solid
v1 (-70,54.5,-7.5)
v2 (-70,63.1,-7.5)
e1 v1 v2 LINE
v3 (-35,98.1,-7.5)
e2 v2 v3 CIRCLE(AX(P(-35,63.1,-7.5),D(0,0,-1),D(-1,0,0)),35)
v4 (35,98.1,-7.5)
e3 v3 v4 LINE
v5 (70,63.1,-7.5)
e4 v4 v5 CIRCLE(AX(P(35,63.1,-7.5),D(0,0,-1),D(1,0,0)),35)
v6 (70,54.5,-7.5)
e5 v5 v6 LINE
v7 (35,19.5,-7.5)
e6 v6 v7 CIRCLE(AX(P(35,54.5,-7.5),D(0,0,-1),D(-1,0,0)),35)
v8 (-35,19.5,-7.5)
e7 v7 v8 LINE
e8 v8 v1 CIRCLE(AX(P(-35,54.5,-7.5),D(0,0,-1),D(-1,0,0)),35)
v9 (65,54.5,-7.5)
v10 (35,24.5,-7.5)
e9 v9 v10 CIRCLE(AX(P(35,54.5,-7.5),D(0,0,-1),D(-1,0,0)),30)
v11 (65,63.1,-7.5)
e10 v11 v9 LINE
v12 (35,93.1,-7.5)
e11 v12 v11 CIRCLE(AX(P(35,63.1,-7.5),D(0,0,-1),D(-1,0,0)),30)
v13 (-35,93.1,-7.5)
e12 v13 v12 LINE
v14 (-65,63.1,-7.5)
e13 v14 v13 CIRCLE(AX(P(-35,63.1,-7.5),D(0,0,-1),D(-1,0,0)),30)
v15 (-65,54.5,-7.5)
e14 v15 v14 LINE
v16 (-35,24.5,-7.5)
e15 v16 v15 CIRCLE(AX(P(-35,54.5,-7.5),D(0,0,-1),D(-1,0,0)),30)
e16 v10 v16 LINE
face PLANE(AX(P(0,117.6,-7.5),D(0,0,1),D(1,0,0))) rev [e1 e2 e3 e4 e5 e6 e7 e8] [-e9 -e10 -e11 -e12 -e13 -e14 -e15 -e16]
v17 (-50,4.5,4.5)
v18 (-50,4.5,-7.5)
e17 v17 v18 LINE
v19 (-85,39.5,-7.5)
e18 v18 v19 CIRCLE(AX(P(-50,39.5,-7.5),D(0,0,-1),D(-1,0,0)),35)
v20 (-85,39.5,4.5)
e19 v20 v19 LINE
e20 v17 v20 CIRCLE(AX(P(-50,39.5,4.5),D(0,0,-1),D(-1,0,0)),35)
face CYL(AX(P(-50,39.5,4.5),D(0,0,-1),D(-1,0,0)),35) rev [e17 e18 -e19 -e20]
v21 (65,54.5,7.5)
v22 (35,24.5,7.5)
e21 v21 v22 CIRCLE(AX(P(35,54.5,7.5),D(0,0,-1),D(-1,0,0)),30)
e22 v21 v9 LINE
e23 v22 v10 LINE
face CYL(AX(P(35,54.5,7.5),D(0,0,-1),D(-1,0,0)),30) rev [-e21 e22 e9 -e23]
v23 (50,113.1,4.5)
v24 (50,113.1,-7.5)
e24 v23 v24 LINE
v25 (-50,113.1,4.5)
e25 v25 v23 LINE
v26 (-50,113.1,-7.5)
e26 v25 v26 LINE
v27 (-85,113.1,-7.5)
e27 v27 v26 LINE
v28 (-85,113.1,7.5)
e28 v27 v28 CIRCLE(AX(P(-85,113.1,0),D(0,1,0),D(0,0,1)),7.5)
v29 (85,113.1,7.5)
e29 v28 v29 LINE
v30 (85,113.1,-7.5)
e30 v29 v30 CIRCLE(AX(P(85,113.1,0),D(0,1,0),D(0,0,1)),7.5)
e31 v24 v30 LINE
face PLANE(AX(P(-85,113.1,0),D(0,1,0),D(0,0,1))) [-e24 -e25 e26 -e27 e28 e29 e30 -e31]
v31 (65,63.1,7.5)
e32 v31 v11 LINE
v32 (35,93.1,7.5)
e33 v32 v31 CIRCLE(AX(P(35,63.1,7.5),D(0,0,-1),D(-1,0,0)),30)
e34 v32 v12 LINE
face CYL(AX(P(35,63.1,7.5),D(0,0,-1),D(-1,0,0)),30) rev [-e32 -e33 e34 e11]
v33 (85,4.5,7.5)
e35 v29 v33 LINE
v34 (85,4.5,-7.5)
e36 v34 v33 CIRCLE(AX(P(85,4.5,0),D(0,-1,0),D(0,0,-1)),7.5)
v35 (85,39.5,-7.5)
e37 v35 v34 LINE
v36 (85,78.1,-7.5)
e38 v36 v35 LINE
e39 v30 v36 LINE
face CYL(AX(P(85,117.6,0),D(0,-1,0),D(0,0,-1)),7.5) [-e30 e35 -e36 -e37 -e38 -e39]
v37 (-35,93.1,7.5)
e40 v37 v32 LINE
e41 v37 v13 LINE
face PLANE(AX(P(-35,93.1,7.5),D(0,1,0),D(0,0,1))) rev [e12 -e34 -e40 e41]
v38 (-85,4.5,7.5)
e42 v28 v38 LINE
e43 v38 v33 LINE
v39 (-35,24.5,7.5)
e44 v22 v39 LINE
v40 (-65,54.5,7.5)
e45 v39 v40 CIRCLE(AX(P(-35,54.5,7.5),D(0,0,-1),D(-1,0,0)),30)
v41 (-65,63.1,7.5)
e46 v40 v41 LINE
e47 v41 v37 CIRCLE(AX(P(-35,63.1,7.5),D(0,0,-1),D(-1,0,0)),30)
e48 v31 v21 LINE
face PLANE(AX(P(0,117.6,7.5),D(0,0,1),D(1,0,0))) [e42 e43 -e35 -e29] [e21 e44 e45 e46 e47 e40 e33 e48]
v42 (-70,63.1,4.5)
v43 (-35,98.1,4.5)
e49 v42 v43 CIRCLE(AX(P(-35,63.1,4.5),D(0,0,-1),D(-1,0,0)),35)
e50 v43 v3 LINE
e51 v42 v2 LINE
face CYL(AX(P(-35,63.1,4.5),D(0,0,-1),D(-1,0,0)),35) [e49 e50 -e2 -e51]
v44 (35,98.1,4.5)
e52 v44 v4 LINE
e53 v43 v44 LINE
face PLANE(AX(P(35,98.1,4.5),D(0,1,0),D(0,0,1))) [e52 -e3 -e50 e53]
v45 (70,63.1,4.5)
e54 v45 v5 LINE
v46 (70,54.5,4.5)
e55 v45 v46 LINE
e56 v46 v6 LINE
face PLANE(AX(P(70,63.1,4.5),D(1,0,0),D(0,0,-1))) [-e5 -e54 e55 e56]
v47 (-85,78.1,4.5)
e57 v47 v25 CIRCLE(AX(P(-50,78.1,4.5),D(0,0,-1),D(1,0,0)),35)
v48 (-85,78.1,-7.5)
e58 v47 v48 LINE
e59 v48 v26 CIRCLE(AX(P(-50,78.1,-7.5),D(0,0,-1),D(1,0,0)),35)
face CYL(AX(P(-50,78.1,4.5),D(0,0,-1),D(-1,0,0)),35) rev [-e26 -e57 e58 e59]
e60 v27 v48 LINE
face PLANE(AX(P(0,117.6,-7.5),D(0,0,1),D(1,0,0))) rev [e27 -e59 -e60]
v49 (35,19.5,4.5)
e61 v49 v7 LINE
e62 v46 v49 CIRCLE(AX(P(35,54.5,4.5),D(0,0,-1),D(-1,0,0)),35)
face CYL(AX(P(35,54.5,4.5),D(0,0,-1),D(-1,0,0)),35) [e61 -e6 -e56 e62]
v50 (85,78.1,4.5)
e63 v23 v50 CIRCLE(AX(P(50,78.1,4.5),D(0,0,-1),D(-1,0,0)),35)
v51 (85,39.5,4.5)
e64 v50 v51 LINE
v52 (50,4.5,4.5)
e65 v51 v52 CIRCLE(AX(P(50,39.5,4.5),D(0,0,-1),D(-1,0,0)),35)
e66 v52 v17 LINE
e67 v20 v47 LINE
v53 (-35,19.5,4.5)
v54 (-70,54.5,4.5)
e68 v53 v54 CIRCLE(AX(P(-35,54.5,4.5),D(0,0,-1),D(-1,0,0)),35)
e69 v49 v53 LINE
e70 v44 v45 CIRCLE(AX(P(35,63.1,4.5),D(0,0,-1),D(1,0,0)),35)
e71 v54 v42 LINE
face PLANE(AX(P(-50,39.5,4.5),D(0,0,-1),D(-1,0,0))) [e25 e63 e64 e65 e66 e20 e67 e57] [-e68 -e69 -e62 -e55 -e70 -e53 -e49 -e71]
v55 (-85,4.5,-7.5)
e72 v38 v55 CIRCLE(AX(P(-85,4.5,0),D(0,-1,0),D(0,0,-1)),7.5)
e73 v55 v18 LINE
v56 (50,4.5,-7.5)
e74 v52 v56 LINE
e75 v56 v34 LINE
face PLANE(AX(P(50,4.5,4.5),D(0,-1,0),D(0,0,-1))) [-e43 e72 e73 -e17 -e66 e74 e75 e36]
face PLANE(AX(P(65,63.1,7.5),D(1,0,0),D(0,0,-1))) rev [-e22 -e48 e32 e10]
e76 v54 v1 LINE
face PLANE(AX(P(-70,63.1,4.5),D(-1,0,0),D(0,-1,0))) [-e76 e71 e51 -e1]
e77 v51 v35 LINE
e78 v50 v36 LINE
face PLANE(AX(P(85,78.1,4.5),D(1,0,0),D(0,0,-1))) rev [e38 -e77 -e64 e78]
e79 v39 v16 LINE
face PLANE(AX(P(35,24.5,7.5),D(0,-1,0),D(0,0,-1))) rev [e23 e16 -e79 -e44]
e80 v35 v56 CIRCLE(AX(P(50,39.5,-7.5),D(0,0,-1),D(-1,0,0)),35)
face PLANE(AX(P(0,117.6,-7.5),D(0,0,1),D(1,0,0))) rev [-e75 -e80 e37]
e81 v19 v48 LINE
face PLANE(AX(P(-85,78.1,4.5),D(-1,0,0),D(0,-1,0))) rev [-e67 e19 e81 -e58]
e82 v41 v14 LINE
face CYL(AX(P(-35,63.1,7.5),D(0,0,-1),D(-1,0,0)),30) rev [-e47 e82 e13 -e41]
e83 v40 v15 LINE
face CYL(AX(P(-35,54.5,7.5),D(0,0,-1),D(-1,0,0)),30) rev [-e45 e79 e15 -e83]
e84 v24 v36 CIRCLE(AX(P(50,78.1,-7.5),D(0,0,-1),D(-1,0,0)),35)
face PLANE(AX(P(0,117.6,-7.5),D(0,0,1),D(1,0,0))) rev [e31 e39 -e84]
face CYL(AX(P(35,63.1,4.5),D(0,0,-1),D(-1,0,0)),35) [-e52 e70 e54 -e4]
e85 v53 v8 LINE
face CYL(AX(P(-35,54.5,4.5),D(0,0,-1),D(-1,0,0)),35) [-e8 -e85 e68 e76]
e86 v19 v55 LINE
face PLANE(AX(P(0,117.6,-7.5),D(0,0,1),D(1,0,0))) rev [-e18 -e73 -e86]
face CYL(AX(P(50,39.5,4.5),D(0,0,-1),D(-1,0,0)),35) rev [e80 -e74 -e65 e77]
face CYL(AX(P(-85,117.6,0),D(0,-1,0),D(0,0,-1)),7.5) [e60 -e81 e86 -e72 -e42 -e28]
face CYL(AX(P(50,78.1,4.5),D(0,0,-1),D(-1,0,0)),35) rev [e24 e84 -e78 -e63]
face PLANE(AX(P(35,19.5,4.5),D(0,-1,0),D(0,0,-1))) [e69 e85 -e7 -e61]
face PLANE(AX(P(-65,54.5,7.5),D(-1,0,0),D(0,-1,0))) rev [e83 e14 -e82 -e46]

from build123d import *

# Parameters (mm, degrees)
BOSS_EXTRUDE1_DEPTH = 117.6
CUT_EXTRUDE4_DEPTH  = 12
CUT_EXTRUDE6_DEPTH  = 151.36957804
CUT_EXTRUDE7_DEPTH  = 4.5
CUT_EXTRUDE8_START  = 113.1
CUT_EXTRUDE8_DEPTH  = 4.5
CUT_EXTRUDE9_DEPTH  = 4.5
CUT_EXTRUDE10_START = 113.1
CUT_EXTRUDE10_DEPTH = 4.5


with BuildPart() as part:
    # Sketch2 → Boss-Extrude1 (new body)
    with BuildSketch(Plane(origin=(0, 0, 0), x_dir=(1, 0, 0), z_dir=(0, 1, 0))):
        with BuildLine():
            Line((85, -7.5), (-85, -7.5))
            ThreePointArc((-85, -7.5), (-92.5, 0), (-85, 7.5))
            Line((-85, 7.5), (85, 7.5))
            ThreePointArc((85, 7.5), (92.5, 0), (85, -7.5))
        make_face()
    extrude(amount=BOSS_EXTRUDE1_DEPTH)

    # Sketch3 → Cut-Extrude4 (cut)
    with BuildSketch(Plane(origin=(0, 0, -7.5), x_dir=(-1, 0, 0), z_dir=(0, 0, -1))):
        with BuildLine():
            Line((-50, 113.1), (50, 113.1))
            ThreePointArc((50, 113.1), (74.748737342, 102.848737342), (85, 78.1))
            Line((85, 78.1), (85, 39.5))
            ThreePointArc((85, 39.5), (74.748737342, 14.751262658), (50, 4.5))
            Line((50, 4.5), (-50, 4.5))
            ThreePointArc((-50, 4.5), (-74.748737342, 14.751262658), (-85, 39.5))
            Line((-85, 39.5), (-85, 78.1))
            ThreePointArc((-85, 78.1), (-74.748737342, 102.848737342), (-50, 113.1))
        make_face()
        with BuildLine():
            Line((-70, 63.1), (-70, 54.5))
            ThreePointArc((-70, 54.5), (-59.748737342, 29.751262658), (-35, 19.5))
            Line((-35, 19.5), (35, 19.5))
            ThreePointArc((35, 19.5), (59.748737342, 29.751262658), (70, 54.5))
            Line((70, 54.5), (70, 63.1))
            ThreePointArc((70, 63.1), (59.748737342, 87.848737342), (35, 98.1))
            Line((35, 98.1), (-35, 98.1))
            ThreePointArc((-35, 98.1), (-59.748737342, 87.848737342), (-70, 63.1))
        make_face(mode=Mode.SUBTRACT)
    extrude(amount=-CUT_EXTRUDE4_DEPTH, mode=Mode.SUBTRACT)

    # Sketch6 → Cut-Extrude6 (cut, through all)
    with BuildSketch(Plane(origin=(0, 0, -7.5), x_dir=(-1, 0, 0), z_dir=(0, 0, -1))):
        with BuildLine():
            Line((-35, 24.5), (35, 24.5))
            ThreePointArc((35, 24.5), (56.213203436, 33.286796564), (65, 54.5))
            Line((65, 54.5), (65, 63.1))
            ThreePointArc((65, 63.1), (56.213203436, 84.313203436), (35, 93.1))
            Line((35, 93.1), (-35, 93.1))
            ThreePointArc((-35, 93.1), (-56.213203436, 84.313203436), (-65, 63.1))
            Line((-65, 63.1), (-65, 54.5))
            ThreePointArc((-65, 54.5), (-56.213203436, 33.286796564), (-35, 24.5))
        make_face()
    extrude(amount=-CUT_EXTRUDE6_DEPTH, mode=Mode.SUBTRACT)

    # Sketch2_6 → Cut-Extrude7 (cut)
    with BuildSketch(Plane(origin=(0, 0, 0), x_dir=(1, 0, 0), z_dir=(0, 1, 0))):
        with BuildLine():
            Line((-8.2248772, -2.5), (8.2248772, -2.5))
            Line((8.2248772, -2.5), (15.34156858, -1.994983292))
            ThreePointArc((15.34156858, -1.994983292), (17.2, 0), (15.34156858, 1.994983292))
            Line((15.34156858, 1.994983292), (1.88348082, 2.95))
            ThreePointArc((1.88348082, 2.95), (0, 3.5), (-1.88348082, 2.95))
            Line((-1.88348082, 2.95), (-15.34156858, 1.994983292))
            ThreePointArc((-15.34156858, 1.994983292), (-17.2, 0), (-15.34156858, -1.994983292))
            Line((-15.34156858, -1.994983292), (-8.2248772, -2.5))
        make_face()
        with BuildLine():
            Line((1.88348082, -2.95), (8.2248772, -2.5))
            Line((8.2248772, -2.5), (-8.2248772, -2.5))
            Line((-8.2248772, -2.5), (-1.88348082, -2.95))
            ThreePointArc((-1.88348082, -2.95), (0, -3.5), (1.88348082, -2.95))
        make_face()
    extrude(amount=CUT_EXTRUDE7_DEPTH, mode=Mode.SUBTRACT)

    # Sketch2_7 → Cut-Extrude8 (cut)
    with BuildSketch(Plane(origin=(0, 0, 0), x_dir=(1, 0, 0), z_dir=(0, 1, 0)).offset(CUT_EXTRUDE8_START)):
        with BuildLine():
            Line((-8.2248772, -2.5), (8.2248772, -2.5))
            Line((8.2248772, -2.5), (15.34156858, -1.994983292))
            ThreePointArc((15.34156858, -1.994983292), (17.2, 0), (15.34156858, 1.994983292))
            Line((15.34156858, 1.994983292), (1.88348082, 2.95))
            ThreePointArc((1.88348082, 2.95), (0, 3.5), (-1.88348082, 2.95))
            Line((-1.88348082, 2.95), (-15.34156858, 1.994983292))
            ThreePointArc((-15.34156858, 1.994983292), (-17.2, 0), (-15.34156858, -1.994983292))
            Line((-15.34156858, -1.994983292), (-8.2248772, -2.5))
        make_face()
        with BuildLine():
            Line((1.88348082, -2.95), (8.2248772, -2.5))
            Line((8.2248772, -2.5), (-8.2248772, -2.5))
            Line((-8.2248772, -2.5), (-1.88348082, -2.95))
            ThreePointArc((-1.88348082, -2.95), (0, -3.5), (1.88348082, -2.95))
        make_face()
    extrude(amount=CUT_EXTRUDE8_DEPTH, mode=Mode.SUBTRACT)

    # Sketch2_8 → Cut-Extrude9 (cut)
    with BuildSketch(Plane(origin=(0, 0, 0), x_dir=(1, 0, 0), z_dir=(0, 1, 0))):
        with BuildLine():
            Line((85, -2.5), (85, 7.5))
            Line((85, 7.5), (-85, 7.5))
            Line((-85, 7.5), (-85, -2.5))
            Line((-85, -2.5), (-8.2248772, -2.5))
            Line((-8.2248772, -2.5), (-15.34156858, -1.994983292))
            ThreePointArc((-15.34156858, -1.994983292), (-17.2, 0), (-15.34156858, 1.994983292))
            Line((-15.34156858, 1.994983292), (-1.88348082, 2.95))
            ThreePointArc((-1.88348082, 2.95), (0, 3.5), (1.88348082, 2.95))
            Line((1.88348082, 2.95), (15.34156858, 1.994983292))
            ThreePointArc((15.34156858, 1.994983292), (17.2, 0), (15.34156858, -1.994983292))
            Line((15.34156858, -1.994983292), (8.2248772, -2.5))
            Line((8.2248772, -2.5), (85, -2.5))
        make_face()
        with BuildLine():
            Line((70, -7.5), (85, -7.5))
            ThreePointArc((85, -7.5), (92.5, 0), (85, 7.5))
            Line((85, 7.5), (85, -2.5))
            Line((85, -2.5), (8.2248772, -2.5))
            Line((8.2248772, -2.5), (1.88348082, -2.95))
            ThreePointArc((1.88348082, -2.95), (0, -3.5), (-1.88348082, -2.95))
            Line((-1.88348082, -2.95), (-8.2248772, -2.5))
            Line((-8.2248772, -2.5), (-85, -2.5))
            Line((-85, -2.5), (-85, 7.5))
            ThreePointArc((-85, 7.5), (-92.5, 0), (-85, -7.5))
            Line((-85, -7.5), (-70, -7.5))
            Line((-70, -7.5), (-55, -7.5))
            Line((-55, -7.5), (55, -7.5))
            Line((55, -7.5), (70, -7.5))
        make_face()
        with BuildLine():
            Line((1.88348082, -2.95), (8.2248772, -2.5))
            Line((8.2248772, -2.5), (-8.2248772, -2.5))
            Line((-8.2248772, -2.5), (-1.88348082, -2.95))
            ThreePointArc((-1.88348082, -2.95), (0, -3.5), (1.88348082, -2.95))
        make_face()
    extrude(amount=CUT_EXTRUDE9_DEPTH, mode=Mode.SUBTRACT)

    # Sketch2_9 → Cut-Extrude10 (cut)
    with BuildSketch(Plane(origin=(0, 0, 0), x_dir=(1, 0, 0), z_dir=(0, 1, 0)).offset(CUT_EXTRUDE10_START)):
        with BuildLine():
            Line((85, -2.5), (85, 7.5))
            Line((85, 7.5), (-85, 7.5))
            Line((-85, 7.5), (-85, -2.5))
            Line((-85, -2.5), (-8.2248772, -2.5))
            Line((-8.2248772, -2.5), (-15.34156858, -1.994983292))
            ThreePointArc((-15.34156858, -1.994983292), (-17.2, 0), (-15.34156858, 1.994983292))
            Line((-15.34156858, 1.994983292), (-1.88348082, 2.95))
            ThreePointArc((-1.88348082, 2.95), (0, 3.5), (1.88348082, 2.95))
            Line((1.88348082, 2.95), (15.34156858, 1.994983292))
            ThreePointArc((15.34156858, 1.994983292), (17.2, 0), (15.34156858, -1.994983292))
            Line((15.34156858, -1.994983292), (8.2248772, -2.5))
            Line((8.2248772, -2.5), (85, -2.5))
        make_face()
        with BuildLine():
            Line((70, -7.5), (85, -7.5))
            ThreePointArc((85, -7.5), (92.5, 0), (85, 7.5))
            Line((85, 7.5), (85, -2.5))
            Line((85, -2.5), (8.2248772, -2.5))
            Line((8.2248772, -2.5), (1.88348082, -2.95))
            ThreePointArc((1.88348082, -2.95), (0, -3.5), (-1.88348082, -2.95))
            Line((-1.88348082, -2.95), (-8.2248772, -2.5))
            Line((-8.2248772, -2.5), (-85, -2.5))
            Line((-85, -2.5), (-85, 7.5))
            ThreePointArc((-85, 7.5), (-92.5, 0), (-85, -7.5))
            Line((-85, -7.5), (-70, -7.5))
            Line((-70, -7.5), (-55, -7.5))
            Line((-55, -7.5), (55, -7.5))
            Line((55, -7.5), (70, -7.5))
        make_face()
        with BuildLine():
            Line((-8.2248772, -2.5), (8.2248772, -2.5))
            Line((8.2248772, -2.5), (15.34156858, -1.994983292))
            ThreePointArc((15.34156858, -1.994983292), (17.2, 0), (15.34156858, 1.994983292))
            Line((15.34156858, 1.994983292), (1.88348082, 2.95))
            ThreePointArc((1.88348082, 2.95), (0, 3.5), (-1.88348082, 2.95))
            Line((-1.88348082, 2.95), (-15.34156858, 1.994983292))
            ThreePointArc((-15.34156858, 1.994983292), (-17.2, 0), (-15.34156858, -1.994983292))
            Line((-15.34156858, -1.994983292), (-8.2248772, -2.5))
        make_face()
        with BuildLine():
            Line((1.88348082, -2.95), (8.2248772, -2.5))
            Line((8.2248772, -2.5), (-8.2248772, -2.5))
            Line((-8.2248772, -2.5), (-1.88348082, -2.95))
            ThreePointArc((-1.88348082, -2.95), (0, -3.5), (1.88348082, -2.95))
        make_face()
    extrude(amount=CUT_EXTRUDE10_DEPTH, mode=Mode.SUBTRACT)


solid = part.part
